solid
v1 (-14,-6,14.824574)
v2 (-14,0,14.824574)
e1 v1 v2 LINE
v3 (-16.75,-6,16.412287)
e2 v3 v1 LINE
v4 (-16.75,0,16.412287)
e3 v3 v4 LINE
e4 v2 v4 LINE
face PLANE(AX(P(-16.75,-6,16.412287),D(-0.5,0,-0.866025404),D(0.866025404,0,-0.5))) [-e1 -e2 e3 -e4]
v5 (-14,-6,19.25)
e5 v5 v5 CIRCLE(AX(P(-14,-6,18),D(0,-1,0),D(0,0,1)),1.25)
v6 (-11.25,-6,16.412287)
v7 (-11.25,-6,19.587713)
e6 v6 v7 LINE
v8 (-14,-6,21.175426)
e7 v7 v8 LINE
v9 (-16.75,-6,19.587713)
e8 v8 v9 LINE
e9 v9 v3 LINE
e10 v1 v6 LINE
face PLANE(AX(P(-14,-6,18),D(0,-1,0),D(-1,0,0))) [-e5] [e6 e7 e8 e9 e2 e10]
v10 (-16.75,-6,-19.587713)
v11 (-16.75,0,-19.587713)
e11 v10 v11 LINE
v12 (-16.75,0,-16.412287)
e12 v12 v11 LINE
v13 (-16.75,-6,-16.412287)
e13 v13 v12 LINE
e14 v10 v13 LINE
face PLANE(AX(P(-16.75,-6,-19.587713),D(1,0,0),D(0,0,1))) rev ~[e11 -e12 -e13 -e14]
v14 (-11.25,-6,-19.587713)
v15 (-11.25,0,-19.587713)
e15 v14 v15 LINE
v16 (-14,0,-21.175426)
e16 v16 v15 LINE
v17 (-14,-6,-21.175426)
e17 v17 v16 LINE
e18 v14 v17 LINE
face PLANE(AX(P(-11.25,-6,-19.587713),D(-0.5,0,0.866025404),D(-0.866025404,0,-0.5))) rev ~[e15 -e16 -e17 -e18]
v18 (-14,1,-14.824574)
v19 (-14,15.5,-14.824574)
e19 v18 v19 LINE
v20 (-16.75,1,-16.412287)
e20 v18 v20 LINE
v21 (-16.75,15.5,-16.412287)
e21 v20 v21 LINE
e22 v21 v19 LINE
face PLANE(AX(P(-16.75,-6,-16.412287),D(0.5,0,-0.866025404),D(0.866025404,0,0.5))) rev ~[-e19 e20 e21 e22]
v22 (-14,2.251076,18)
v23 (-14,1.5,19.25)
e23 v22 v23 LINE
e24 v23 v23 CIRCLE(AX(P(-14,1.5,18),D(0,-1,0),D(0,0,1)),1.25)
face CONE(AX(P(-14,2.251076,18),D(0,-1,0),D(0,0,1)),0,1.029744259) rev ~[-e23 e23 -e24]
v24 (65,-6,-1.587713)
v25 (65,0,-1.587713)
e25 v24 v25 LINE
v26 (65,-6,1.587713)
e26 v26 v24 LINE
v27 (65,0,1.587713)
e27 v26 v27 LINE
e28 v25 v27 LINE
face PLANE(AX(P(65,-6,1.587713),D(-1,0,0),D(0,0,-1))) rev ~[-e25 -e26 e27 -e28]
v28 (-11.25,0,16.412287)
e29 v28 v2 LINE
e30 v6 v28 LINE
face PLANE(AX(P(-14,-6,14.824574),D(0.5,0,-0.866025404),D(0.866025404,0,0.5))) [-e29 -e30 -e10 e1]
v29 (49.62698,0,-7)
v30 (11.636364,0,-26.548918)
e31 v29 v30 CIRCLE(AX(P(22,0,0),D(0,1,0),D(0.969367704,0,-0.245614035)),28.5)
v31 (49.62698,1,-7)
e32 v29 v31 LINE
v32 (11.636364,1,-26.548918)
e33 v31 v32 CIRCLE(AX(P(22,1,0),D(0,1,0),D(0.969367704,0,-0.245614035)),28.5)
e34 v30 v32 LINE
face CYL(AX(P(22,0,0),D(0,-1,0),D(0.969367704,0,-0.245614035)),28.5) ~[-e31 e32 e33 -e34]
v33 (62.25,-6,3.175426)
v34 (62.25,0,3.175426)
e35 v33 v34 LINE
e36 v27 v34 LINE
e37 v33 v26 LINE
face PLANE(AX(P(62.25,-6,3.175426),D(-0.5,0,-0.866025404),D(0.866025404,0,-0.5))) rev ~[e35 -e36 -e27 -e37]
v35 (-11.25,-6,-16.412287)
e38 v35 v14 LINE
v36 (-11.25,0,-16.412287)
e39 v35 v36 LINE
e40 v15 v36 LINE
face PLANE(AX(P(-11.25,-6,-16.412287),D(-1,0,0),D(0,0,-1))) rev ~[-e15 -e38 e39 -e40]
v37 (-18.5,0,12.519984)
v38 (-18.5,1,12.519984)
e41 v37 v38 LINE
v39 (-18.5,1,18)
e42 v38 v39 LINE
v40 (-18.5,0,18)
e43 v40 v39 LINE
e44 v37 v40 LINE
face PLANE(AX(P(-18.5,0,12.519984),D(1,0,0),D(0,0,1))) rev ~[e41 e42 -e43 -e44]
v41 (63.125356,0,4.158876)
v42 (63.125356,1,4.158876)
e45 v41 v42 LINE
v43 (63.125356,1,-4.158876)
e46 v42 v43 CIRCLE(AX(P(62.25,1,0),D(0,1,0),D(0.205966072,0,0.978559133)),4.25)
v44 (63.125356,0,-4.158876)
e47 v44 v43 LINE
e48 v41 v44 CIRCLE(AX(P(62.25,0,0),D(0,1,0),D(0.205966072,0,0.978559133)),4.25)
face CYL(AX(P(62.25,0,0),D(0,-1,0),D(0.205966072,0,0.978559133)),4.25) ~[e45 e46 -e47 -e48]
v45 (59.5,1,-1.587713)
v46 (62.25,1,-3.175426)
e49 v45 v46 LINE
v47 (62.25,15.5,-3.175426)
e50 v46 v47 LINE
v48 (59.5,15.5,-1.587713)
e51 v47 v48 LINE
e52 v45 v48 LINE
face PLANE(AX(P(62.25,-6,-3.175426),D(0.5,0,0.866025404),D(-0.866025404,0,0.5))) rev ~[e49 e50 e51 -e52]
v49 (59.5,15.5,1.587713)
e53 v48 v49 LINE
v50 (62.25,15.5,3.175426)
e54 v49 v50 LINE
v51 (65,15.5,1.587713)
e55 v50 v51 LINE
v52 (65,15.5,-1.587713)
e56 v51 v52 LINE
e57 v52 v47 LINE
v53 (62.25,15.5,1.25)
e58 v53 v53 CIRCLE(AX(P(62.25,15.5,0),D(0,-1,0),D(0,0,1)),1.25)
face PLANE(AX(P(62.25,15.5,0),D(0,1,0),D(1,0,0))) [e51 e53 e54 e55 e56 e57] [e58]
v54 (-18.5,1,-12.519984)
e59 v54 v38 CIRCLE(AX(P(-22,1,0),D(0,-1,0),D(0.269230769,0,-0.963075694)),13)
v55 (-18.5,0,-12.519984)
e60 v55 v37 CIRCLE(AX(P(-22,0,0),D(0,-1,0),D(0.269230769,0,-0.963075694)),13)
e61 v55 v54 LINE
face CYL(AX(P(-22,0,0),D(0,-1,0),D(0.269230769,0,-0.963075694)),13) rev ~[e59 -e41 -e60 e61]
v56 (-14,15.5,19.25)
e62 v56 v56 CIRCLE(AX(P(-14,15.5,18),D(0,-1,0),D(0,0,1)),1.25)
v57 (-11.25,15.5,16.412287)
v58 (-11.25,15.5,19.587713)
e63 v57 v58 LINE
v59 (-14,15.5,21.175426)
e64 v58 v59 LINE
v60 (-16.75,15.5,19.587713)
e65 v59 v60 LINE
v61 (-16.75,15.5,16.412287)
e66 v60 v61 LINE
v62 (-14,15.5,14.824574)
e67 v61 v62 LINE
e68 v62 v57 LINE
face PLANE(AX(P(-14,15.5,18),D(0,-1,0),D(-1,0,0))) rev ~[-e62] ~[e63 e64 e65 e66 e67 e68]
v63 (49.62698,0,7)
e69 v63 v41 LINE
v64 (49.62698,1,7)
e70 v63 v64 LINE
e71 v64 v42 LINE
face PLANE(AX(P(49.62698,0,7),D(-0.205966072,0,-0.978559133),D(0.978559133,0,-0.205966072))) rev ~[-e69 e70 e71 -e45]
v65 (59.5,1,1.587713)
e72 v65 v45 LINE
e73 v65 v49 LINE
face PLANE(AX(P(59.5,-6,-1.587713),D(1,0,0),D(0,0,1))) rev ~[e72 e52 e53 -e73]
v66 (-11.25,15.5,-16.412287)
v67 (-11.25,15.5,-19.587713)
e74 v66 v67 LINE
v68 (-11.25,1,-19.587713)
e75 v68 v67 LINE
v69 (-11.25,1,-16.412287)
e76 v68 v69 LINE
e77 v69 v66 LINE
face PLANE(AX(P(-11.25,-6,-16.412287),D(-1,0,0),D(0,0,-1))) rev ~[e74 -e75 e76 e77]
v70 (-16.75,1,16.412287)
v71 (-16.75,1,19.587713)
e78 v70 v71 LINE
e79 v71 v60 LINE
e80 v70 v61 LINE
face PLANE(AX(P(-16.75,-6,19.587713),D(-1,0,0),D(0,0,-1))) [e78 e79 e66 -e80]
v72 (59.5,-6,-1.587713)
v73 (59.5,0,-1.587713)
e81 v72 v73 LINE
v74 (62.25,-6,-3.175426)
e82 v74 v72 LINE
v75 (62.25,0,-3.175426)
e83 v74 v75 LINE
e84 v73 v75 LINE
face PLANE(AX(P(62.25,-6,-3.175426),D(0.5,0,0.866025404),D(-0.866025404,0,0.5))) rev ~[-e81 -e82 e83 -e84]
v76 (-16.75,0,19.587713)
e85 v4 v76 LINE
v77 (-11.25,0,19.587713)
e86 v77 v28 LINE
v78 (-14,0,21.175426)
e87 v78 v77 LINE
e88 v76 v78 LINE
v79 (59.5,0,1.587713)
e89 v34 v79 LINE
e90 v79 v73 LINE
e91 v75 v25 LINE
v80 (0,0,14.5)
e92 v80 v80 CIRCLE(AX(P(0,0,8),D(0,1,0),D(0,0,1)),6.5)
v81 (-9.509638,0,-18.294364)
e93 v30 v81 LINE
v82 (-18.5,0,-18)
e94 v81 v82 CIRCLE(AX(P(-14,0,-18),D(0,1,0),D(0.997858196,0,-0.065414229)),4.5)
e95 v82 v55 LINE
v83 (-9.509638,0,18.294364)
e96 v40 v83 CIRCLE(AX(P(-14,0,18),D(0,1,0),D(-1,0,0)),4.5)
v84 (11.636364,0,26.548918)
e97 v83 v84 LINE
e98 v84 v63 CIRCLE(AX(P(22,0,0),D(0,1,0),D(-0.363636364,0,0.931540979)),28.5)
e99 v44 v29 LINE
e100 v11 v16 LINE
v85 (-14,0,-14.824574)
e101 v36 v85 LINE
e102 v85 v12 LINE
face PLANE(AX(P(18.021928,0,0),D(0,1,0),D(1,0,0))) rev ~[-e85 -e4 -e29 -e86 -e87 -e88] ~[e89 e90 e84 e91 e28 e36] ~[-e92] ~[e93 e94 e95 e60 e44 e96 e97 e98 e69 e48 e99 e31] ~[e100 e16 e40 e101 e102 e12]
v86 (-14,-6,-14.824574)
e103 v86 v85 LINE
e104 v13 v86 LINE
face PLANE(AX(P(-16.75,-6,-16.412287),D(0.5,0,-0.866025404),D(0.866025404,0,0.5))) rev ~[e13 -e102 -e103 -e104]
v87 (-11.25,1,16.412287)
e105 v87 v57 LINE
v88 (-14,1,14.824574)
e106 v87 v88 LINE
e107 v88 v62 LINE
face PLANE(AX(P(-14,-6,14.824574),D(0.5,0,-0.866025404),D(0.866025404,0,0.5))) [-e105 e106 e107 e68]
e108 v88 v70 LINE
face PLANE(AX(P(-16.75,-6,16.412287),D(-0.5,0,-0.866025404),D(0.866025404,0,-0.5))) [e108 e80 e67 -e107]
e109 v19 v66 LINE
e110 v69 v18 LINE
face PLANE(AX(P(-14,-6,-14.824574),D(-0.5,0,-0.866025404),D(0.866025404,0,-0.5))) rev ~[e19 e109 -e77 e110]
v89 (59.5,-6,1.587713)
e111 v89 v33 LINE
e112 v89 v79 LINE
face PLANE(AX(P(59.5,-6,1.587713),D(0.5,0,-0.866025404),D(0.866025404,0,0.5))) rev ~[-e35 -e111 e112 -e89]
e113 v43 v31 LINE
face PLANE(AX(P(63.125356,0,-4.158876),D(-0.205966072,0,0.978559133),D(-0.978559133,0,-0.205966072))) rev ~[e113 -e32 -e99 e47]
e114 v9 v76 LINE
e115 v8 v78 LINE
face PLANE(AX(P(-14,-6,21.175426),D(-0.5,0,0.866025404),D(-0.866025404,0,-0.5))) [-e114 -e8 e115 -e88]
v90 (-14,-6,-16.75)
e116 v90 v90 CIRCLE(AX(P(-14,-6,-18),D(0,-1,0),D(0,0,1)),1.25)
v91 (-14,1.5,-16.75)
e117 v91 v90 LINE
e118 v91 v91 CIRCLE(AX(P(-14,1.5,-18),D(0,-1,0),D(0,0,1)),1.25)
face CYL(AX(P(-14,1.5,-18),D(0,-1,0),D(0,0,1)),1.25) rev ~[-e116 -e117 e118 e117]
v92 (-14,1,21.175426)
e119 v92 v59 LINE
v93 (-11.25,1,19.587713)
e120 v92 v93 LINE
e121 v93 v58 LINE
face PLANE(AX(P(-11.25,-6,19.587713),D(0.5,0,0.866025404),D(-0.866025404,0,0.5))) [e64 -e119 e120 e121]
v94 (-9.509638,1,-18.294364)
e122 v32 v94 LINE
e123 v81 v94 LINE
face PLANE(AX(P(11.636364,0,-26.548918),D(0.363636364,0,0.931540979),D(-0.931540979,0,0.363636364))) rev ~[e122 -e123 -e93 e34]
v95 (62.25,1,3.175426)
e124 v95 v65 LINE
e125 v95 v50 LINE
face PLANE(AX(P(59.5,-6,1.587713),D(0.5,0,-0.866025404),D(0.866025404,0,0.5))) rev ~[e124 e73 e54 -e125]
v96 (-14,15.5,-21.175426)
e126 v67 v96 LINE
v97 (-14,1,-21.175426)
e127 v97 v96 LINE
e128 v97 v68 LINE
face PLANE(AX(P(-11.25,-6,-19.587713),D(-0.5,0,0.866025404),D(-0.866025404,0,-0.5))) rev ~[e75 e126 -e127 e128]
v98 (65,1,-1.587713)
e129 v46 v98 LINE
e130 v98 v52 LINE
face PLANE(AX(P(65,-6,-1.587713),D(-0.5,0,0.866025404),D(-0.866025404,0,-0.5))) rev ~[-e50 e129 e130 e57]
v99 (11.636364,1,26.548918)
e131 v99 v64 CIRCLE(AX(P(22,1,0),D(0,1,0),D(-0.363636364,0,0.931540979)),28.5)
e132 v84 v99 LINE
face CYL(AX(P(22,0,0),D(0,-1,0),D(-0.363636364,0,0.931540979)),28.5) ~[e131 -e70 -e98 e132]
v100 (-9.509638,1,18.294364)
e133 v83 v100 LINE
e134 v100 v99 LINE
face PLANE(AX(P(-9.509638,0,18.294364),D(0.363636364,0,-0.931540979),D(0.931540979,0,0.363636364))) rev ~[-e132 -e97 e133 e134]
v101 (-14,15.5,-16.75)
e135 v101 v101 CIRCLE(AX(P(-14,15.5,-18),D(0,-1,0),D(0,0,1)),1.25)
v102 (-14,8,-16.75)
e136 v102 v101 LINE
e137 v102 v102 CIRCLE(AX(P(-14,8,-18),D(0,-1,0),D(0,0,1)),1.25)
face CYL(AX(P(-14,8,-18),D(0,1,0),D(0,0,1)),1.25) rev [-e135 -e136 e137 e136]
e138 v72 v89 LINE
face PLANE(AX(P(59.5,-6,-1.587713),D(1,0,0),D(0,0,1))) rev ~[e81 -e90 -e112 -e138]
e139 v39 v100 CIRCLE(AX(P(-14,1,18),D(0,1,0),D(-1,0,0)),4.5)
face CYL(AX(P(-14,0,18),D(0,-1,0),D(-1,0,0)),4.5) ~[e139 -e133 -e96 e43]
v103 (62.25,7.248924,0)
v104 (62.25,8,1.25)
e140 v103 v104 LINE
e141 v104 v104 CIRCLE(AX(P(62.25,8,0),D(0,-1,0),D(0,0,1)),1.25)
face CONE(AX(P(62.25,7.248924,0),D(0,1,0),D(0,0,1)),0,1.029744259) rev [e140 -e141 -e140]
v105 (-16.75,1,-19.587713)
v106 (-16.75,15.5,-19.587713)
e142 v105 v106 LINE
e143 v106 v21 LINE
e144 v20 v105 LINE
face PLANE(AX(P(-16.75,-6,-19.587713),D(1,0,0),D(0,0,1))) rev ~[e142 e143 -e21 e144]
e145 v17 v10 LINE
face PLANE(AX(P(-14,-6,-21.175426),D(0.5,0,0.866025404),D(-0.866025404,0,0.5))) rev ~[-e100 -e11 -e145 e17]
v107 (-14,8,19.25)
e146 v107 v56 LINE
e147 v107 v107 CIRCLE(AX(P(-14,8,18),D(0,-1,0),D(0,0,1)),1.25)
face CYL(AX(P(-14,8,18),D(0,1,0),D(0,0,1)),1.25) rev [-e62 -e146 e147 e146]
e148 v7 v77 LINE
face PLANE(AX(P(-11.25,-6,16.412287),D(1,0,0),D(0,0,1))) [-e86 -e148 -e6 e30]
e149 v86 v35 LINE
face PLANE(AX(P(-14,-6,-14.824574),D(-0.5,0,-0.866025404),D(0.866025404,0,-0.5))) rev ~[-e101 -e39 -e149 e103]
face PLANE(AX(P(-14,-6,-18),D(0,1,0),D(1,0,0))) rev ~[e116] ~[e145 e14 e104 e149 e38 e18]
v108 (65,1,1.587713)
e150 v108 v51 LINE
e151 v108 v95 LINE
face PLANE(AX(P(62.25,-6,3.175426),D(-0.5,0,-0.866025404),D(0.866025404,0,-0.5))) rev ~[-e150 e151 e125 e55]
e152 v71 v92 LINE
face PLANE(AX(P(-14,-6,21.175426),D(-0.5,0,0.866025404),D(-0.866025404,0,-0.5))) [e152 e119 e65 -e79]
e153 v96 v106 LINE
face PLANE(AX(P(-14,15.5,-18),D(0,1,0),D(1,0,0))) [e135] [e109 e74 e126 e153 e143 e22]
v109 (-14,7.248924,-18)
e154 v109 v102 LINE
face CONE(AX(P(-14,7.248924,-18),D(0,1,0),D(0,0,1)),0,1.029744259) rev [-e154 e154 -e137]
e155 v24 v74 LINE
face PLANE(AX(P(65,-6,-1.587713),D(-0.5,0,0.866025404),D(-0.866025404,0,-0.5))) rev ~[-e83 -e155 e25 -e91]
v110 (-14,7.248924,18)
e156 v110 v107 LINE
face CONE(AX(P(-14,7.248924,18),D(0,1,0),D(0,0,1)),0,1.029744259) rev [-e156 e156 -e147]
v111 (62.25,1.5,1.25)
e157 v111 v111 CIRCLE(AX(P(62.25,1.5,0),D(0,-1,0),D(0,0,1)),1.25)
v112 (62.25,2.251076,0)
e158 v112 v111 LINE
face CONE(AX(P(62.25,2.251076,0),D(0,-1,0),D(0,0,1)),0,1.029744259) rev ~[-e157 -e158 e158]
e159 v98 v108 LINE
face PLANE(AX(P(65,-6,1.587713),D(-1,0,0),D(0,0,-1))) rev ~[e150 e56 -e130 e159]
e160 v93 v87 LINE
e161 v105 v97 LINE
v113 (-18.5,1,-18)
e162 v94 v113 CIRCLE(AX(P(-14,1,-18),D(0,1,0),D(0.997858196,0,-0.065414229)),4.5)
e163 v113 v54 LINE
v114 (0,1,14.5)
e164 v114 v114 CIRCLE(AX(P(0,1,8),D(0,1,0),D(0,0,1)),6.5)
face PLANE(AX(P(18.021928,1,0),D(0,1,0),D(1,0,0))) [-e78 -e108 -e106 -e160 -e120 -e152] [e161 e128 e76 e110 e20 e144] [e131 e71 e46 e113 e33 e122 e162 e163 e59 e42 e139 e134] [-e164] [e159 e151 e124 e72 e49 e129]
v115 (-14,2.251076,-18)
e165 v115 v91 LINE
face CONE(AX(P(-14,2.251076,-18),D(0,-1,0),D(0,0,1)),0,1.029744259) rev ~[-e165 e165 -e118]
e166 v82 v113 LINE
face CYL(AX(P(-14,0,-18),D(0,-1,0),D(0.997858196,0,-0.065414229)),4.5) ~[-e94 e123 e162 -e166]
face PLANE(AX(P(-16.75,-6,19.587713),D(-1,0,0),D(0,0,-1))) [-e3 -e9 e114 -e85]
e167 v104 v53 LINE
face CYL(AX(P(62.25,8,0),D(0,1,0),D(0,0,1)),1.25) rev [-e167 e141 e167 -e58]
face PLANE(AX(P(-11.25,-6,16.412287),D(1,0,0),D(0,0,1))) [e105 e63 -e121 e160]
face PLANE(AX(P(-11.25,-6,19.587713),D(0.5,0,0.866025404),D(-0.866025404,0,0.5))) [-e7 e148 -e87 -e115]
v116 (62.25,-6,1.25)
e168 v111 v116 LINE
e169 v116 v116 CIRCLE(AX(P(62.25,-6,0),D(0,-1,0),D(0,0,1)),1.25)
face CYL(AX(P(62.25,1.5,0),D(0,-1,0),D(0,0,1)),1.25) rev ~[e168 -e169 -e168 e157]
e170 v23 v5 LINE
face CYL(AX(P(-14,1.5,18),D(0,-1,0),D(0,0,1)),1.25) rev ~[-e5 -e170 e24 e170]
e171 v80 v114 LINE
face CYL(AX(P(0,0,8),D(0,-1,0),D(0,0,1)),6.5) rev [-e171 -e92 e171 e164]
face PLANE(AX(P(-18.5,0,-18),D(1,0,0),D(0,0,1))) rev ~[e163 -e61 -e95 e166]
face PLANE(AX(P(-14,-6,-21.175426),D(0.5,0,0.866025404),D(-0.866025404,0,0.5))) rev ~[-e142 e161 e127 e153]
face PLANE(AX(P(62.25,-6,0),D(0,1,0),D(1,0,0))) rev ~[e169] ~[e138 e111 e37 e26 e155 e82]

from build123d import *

# Parameters (mm, degrees)
SKETCH1_R                  = 6.5
BOSS_EXTRUDE1_DEPTH        = 1
BOSS_EXTRUDE2_DEPTH        = 14.5
BOSS_EXTRUDE2_DEPTH_BACK   = 7
M3_TAPPED_HOLE1_AT_2_COUNT = 2
M3_TAPPED_HOLE1_AT_2_PITCH = 78.345788017
M3_TAPPED_HOLE1_AT_3_COUNT = 2
M3_TAPPED_HOLE1_AT_3_PITCH = 36


with BuildPart() as part:
    # Sketch1 → Boss-Extrude1 (new body)
    with BuildSketch(Plane(origin=(0, 0, 0), x_dir=(1, 0, 0), z_dir=(0, 1, 0))):
        with BuildLine():
            Line((11.636363636, 26.548917894), (-9.50963812, 18.294364031))
            ThreePointArc((-9.50963812, 18.294364031), (-14.147260888, 22.497589825), (-18.5, 18))
            Line((-18.5, 18), (-18.5, 12.519984026))
            ThreePointArc((-18.5, 12.519984026), (-9, 0), (-18.5, -12.519984026))
            Line((-18.5, -12.519984026), (-18.5, -18))
            ThreePointArc((-18.5, -18), (-14.147260888, -22.497589825), (-9.50963812, -18.294364031))
            Line((-9.50963812, -18.294364031), (11.636363636, -26.548917894))
            ThreePointArc((11.636363636, -26.548917894), (35.040161132, -25.341748118), (49.626979567, -7))
            Line((49.626979567, -7), (63.125355805, -4.158876316))
            ThreePointArc((63.125355805, -4.158876316), (66.5, 0), (63.125355805, 4.158876316))
            Line((63.125355805, 4.158876316), (49.626979567, 7))
            ThreePointArc((49.626979567, 7), (35.040161132, 25.341748118), (11.636363636, 26.548917894))
        make_face()
        with Locations(Location((0, -8, 0), (0, 0, 270))):
            Circle(SKETCH1_R, mode=Mode.SUBTRACT)
    extrude(amount=BOSS_EXTRUDE1_DEPTH)

    # Sketch2 → Boss-Extrude2 (add, two sides: drawn at the far end of the back side and taken through both)
    with BuildSketch(Plane(origin=(0, 1, 0), x_dir=(1, 0, 0), z_dir=(0, 1, 0)).offset(-BOSS_EXTRUDE2_DEPTH_BACK)):
        Polygon((-11.25, 16.41228676), (-11.25, 19.58771324), (-14, 21.175426481), (-16.75, 19.58771324), (-16.75, 16.41228676), (-14, 14.824573519), align=None)
        Polygon((-14, -14.824573519), (-11.25, -16.41228676), (-11.25, -19.58771324), (-14, -21.175426481), (-16.75, -19.58771324), (-16.75, -16.41228676), align=None)
        Polygon((65, 1.58771324), (62.25, 3.175426481), (59.5, 1.58771324), (59.5, -1.58771324), (62.25, -3.175426481), (65, -1.58771324), align=None)
    extrude(amount=BOSS_EXTRUDE2_DEPTH + BOSS_EXTRUDE2_DEPTH_BACK)

    # Sketch4 → M3 Tapped Hole1 (revolve, cut)
    with BuildSketch(Plane(origin=(-14, 15.5, -18), x_dir=(0, 0, 1), z_dir=(1, 0, 0))):
        Polygon((0, 0), (0, 8.251075774), (1.25, 7.5), (1.25, 0), align=None)
    m3_tapped_hole1 = revolve(axis=Axis((-14, 21.85, -18), (0, -1, 0)), mode=Mode.SUBTRACT)

    # M3 Tapped Hole1 at 2: M3 Tapped Hole1 ×2
    with Locations(*[Vector(0.9732495125772933, 0, 0.22975070460841018) * (i * M3_TAPPED_HOLE1_AT_2_PITCH) for i in range(1, M3_TAPPED_HOLE1_AT_2_COUNT)]):
        add(m3_tapped_hole1, mode=Mode.SUBTRACT)

    # M3 Tapped Hole1 at 3: M3 Tapped Hole1 ×2
    with Locations(*[(0, 0, i * M3_TAPPED_HOLE1_AT_3_PITCH) for i in range(1, M3_TAPPED_HOLE1_AT_3_COUNT)]):
        add(m3_tapped_hole1, mode=Mode.SUBTRACT)

    # Mirror2: M3 Tapped Hole1 across plane
    add(m3_tapped_hole1.mirror(Plane.ZX.offset(4.75)), mode=Mode.SUBTRACT)

    # Mirror2 copy 1 sketch → Mirror2 copy 1 (revolve, cut)
    with BuildSketch(Plane(origin=(62.25, -6, 0), x_dir=(0, 0, 1), z_dir=(1, 0, 0))):
        Polygon((0, 0), (0, -8.251075774), (1.25, -7.5), (1.25, 0), align=None)
    revolve(axis=Axis((62.25, -12.35, 0), (0, -1, 0)), mode=Mode.SUBTRACT)

    # Mirror2 copy 2 sketch → Mirror2 copy 2 (revolve, cut)
    with BuildSketch(Plane(origin=(-14, -6, 18), x_dir=(0, 0, 1), z_dir=(1, 0, 0))):
        Polygon((0, 0), (0, -8.251075774), (1.25, -7.5), (1.25, 0), align=None)
    revolve(axis=Axis((-14, -12.35, 18), (0, -1, 0)), mode=Mode.SUBTRACT)


solid = part.part
